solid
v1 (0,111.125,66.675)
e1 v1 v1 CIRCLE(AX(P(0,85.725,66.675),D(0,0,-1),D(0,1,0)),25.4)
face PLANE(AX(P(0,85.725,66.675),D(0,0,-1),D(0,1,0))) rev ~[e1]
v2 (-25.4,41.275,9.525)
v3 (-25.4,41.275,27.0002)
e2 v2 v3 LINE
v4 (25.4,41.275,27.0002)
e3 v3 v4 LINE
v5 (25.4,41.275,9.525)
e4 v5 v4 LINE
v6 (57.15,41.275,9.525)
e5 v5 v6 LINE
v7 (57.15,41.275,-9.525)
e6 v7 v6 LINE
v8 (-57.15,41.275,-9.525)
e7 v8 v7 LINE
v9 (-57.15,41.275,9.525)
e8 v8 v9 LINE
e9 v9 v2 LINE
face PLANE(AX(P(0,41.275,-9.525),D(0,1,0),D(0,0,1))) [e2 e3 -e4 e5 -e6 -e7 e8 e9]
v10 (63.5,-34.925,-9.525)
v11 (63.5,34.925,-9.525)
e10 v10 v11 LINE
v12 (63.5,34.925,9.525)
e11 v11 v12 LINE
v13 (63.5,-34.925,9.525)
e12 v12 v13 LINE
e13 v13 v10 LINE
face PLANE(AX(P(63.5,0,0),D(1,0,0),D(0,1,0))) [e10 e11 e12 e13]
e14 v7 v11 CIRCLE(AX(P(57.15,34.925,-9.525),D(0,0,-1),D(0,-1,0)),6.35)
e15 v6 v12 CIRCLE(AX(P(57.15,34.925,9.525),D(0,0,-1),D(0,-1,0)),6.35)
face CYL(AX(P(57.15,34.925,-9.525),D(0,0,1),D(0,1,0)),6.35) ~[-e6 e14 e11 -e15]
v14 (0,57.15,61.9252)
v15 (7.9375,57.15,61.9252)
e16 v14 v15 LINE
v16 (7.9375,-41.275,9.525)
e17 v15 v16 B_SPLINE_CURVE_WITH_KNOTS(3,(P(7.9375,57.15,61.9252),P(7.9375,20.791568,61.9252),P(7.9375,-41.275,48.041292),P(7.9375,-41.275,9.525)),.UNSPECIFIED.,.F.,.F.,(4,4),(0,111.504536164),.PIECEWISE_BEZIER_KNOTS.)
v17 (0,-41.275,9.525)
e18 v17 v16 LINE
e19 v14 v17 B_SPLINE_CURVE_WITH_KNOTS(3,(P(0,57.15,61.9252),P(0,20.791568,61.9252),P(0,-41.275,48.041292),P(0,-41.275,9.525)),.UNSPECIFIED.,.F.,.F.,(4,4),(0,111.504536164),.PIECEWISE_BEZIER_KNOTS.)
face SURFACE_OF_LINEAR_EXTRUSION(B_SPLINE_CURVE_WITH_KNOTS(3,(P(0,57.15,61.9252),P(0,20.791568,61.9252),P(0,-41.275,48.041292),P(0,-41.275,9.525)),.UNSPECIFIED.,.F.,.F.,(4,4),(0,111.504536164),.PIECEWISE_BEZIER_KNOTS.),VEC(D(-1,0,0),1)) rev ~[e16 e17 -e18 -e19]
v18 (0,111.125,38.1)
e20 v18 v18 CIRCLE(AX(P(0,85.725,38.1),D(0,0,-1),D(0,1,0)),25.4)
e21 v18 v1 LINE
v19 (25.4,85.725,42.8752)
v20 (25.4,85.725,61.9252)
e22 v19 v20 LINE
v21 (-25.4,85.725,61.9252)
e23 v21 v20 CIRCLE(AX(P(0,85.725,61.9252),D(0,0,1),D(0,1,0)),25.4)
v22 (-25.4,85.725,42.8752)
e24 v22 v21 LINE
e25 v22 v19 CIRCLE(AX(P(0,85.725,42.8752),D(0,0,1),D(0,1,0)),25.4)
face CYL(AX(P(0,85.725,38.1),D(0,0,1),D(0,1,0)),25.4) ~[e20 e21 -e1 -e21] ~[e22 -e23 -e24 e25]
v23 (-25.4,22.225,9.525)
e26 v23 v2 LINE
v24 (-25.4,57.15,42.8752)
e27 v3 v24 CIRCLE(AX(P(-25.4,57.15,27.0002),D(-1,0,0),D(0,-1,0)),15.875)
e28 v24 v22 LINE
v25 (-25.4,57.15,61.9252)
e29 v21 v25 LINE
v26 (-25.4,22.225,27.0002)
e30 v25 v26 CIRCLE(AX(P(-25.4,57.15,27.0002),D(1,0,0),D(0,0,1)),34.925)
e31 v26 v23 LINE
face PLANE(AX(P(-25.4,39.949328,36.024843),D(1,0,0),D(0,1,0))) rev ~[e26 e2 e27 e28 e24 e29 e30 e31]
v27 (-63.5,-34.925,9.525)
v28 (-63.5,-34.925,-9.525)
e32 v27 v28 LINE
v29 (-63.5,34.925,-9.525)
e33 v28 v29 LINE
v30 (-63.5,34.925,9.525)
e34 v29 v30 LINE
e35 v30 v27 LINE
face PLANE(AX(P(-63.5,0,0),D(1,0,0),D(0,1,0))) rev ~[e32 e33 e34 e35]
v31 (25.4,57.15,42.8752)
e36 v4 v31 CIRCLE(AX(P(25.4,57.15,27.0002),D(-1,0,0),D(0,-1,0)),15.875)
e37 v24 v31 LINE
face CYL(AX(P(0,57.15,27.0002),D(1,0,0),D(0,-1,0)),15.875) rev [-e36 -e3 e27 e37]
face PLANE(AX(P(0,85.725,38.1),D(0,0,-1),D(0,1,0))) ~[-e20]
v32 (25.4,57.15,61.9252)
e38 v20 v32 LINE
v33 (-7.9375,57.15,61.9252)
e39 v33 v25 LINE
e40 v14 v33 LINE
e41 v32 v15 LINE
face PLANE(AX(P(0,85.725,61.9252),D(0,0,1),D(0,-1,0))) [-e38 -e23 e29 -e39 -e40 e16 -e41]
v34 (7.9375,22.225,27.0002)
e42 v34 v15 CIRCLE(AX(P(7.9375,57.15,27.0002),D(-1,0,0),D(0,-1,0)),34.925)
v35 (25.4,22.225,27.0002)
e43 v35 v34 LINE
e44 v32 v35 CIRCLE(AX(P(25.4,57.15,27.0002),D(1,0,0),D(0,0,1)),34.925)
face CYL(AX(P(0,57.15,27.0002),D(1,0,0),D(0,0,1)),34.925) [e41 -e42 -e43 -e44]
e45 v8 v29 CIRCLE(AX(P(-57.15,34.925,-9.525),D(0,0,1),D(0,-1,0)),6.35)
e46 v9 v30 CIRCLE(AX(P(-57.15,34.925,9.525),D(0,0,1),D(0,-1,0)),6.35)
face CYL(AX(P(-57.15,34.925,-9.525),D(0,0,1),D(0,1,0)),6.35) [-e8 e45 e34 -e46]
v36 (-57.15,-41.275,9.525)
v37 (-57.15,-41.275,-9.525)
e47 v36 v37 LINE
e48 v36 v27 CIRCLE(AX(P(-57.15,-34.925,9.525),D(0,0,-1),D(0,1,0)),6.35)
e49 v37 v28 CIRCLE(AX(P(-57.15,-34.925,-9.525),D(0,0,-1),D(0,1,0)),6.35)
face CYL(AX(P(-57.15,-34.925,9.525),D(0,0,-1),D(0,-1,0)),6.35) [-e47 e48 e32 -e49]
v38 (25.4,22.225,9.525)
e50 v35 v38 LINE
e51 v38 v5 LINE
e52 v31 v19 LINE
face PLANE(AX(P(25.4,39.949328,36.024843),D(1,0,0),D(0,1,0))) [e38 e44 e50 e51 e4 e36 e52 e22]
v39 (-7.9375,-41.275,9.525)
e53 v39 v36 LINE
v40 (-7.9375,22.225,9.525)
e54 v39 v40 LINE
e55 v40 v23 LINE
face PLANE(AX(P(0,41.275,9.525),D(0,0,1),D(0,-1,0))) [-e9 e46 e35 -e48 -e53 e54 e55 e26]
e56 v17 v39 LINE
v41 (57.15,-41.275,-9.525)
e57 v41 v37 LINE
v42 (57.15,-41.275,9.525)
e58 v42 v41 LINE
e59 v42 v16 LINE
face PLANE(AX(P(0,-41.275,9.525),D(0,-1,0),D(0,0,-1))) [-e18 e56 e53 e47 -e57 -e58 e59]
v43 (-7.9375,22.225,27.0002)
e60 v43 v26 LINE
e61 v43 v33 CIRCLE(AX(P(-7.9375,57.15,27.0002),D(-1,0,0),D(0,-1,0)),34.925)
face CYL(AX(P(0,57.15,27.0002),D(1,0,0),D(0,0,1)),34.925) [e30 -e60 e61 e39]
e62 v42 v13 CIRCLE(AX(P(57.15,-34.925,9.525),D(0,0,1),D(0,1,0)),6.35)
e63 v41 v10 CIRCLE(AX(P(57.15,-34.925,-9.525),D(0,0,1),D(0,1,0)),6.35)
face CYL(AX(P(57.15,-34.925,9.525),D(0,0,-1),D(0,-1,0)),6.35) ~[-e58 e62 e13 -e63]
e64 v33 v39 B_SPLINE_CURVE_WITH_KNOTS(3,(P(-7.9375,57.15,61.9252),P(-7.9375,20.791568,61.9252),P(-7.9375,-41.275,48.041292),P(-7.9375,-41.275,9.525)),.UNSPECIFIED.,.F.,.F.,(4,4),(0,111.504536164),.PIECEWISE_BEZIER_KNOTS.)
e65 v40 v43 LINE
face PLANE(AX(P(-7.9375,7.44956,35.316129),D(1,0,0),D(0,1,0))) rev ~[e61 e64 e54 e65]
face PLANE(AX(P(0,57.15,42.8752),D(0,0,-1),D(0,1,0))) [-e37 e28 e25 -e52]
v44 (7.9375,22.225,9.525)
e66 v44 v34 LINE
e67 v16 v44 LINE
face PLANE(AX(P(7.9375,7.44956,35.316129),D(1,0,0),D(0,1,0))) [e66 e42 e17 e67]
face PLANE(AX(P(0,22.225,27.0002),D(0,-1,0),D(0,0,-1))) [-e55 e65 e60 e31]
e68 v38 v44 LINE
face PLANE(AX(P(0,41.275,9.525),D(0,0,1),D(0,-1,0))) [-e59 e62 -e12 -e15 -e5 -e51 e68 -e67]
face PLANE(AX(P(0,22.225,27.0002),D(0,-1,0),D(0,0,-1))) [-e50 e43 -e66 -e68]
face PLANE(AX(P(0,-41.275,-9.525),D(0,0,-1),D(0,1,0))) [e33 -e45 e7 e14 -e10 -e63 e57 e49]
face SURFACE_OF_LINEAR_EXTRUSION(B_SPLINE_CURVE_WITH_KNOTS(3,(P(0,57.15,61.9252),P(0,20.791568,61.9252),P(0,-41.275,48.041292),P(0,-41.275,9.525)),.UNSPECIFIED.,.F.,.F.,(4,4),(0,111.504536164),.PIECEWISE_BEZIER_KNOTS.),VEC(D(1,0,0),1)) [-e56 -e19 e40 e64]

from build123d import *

# Parameters (mm, degrees)
F1_DEPTH = 63.5
F0_W     = 25.4
F0_H     = 19.05
F2_DEPTH = 25.4
F3_DEPTH = 7.9375
F5_R     = 6.35


with BuildPart() as f1:
    # F0 (on Right) → F1 (new body, symmetric)
    with BuildSketch(Plane.YZ):
        Polygon((-41.275, -9.525), (41.275, -9.525), (41.275, 9.525), (22.225, 9.525), (-41.275, 9.525), align=None)
    extrude(amount=F1_DEPTH, both=True)

    # F0 (on Right) → F2 (join, symmetric)
    with BuildSketch(Plane.YZ):
        with BuildLine():
            Line((22.225, 9.525), (41.275, 9.525))
            Line((41.275, 9.525), (41.275, 27.0002))
            ThreePointArc((41.275, 27.0002), (45.9246798487, 38.2255201513), (57.15, 42.8752))
            Line((57.15, 42.8752), (60.325, 42.8752))
            Line((60.325, 42.8752), (60.325, 61.9252))
            Line((60.325, 61.9252), (57.15, 61.9252))
            ThreePointArc((57.15, 61.9252), (32.4542956671, 51.6959043329), (22.225, 27.0002))
            Line((22.225, 27.0002), (22.225, 9.525))
        make_face()
        with Locations((73.025, 52.4002)):
            Rectangle(F0_W, F0_H)
    extrude(amount=F2_DEPTH, both=True)

    # F0 (on Right) → F3 (join, symmetric)
    with BuildSketch(Plane.YZ):
        with BuildLine():
            add(Edge.make_bspline(
                [(57.15, 61.9252), (20.7915678899, 61.9252), (-41.275, 48.0412916491), (-41.275, 9.525)],
                knots=[0, 0, 0, 0, 111.5045361635, 111.5045361635, 111.5045361635, 111.5045361635], degree=3))
            Line((-41.275, 9.525), (22.225, 9.525))
            Line((22.225, 9.525), (22.225, 27.0002))
            ThreePointArc((22.225, 27.0002), (32.4542956671, 51.6959043329), (57.15, 61.9252))
        make_face()
    extrude(amount=F3_DEPTH, both=True)

    # F0 (on Right) → F4 (revolve)
    with BuildSketch(Plane.YZ):
        Polygon((85.725, 66.675), (85.725, 61.9252), (85.725, 42.8752), (85.725, 38.1), (111.125, 38.1), (111.125, 66.675), align=None)
    revolve(axis=Axis((0, 85.725, 52.3875), (0, 0, -1)))

    # F5
    f5_edges = [f1.edges().sort_by_distance(p)[0] for p in [
        (63.5, 41.275, 0),
        (63.5, -41.275, 0),
        (-63.5, -41.275, 0),
        (-63.5, 41.275, 0),
    ]]
    fillet(f5_edges, radius=F5_R)


solid = f1.part
